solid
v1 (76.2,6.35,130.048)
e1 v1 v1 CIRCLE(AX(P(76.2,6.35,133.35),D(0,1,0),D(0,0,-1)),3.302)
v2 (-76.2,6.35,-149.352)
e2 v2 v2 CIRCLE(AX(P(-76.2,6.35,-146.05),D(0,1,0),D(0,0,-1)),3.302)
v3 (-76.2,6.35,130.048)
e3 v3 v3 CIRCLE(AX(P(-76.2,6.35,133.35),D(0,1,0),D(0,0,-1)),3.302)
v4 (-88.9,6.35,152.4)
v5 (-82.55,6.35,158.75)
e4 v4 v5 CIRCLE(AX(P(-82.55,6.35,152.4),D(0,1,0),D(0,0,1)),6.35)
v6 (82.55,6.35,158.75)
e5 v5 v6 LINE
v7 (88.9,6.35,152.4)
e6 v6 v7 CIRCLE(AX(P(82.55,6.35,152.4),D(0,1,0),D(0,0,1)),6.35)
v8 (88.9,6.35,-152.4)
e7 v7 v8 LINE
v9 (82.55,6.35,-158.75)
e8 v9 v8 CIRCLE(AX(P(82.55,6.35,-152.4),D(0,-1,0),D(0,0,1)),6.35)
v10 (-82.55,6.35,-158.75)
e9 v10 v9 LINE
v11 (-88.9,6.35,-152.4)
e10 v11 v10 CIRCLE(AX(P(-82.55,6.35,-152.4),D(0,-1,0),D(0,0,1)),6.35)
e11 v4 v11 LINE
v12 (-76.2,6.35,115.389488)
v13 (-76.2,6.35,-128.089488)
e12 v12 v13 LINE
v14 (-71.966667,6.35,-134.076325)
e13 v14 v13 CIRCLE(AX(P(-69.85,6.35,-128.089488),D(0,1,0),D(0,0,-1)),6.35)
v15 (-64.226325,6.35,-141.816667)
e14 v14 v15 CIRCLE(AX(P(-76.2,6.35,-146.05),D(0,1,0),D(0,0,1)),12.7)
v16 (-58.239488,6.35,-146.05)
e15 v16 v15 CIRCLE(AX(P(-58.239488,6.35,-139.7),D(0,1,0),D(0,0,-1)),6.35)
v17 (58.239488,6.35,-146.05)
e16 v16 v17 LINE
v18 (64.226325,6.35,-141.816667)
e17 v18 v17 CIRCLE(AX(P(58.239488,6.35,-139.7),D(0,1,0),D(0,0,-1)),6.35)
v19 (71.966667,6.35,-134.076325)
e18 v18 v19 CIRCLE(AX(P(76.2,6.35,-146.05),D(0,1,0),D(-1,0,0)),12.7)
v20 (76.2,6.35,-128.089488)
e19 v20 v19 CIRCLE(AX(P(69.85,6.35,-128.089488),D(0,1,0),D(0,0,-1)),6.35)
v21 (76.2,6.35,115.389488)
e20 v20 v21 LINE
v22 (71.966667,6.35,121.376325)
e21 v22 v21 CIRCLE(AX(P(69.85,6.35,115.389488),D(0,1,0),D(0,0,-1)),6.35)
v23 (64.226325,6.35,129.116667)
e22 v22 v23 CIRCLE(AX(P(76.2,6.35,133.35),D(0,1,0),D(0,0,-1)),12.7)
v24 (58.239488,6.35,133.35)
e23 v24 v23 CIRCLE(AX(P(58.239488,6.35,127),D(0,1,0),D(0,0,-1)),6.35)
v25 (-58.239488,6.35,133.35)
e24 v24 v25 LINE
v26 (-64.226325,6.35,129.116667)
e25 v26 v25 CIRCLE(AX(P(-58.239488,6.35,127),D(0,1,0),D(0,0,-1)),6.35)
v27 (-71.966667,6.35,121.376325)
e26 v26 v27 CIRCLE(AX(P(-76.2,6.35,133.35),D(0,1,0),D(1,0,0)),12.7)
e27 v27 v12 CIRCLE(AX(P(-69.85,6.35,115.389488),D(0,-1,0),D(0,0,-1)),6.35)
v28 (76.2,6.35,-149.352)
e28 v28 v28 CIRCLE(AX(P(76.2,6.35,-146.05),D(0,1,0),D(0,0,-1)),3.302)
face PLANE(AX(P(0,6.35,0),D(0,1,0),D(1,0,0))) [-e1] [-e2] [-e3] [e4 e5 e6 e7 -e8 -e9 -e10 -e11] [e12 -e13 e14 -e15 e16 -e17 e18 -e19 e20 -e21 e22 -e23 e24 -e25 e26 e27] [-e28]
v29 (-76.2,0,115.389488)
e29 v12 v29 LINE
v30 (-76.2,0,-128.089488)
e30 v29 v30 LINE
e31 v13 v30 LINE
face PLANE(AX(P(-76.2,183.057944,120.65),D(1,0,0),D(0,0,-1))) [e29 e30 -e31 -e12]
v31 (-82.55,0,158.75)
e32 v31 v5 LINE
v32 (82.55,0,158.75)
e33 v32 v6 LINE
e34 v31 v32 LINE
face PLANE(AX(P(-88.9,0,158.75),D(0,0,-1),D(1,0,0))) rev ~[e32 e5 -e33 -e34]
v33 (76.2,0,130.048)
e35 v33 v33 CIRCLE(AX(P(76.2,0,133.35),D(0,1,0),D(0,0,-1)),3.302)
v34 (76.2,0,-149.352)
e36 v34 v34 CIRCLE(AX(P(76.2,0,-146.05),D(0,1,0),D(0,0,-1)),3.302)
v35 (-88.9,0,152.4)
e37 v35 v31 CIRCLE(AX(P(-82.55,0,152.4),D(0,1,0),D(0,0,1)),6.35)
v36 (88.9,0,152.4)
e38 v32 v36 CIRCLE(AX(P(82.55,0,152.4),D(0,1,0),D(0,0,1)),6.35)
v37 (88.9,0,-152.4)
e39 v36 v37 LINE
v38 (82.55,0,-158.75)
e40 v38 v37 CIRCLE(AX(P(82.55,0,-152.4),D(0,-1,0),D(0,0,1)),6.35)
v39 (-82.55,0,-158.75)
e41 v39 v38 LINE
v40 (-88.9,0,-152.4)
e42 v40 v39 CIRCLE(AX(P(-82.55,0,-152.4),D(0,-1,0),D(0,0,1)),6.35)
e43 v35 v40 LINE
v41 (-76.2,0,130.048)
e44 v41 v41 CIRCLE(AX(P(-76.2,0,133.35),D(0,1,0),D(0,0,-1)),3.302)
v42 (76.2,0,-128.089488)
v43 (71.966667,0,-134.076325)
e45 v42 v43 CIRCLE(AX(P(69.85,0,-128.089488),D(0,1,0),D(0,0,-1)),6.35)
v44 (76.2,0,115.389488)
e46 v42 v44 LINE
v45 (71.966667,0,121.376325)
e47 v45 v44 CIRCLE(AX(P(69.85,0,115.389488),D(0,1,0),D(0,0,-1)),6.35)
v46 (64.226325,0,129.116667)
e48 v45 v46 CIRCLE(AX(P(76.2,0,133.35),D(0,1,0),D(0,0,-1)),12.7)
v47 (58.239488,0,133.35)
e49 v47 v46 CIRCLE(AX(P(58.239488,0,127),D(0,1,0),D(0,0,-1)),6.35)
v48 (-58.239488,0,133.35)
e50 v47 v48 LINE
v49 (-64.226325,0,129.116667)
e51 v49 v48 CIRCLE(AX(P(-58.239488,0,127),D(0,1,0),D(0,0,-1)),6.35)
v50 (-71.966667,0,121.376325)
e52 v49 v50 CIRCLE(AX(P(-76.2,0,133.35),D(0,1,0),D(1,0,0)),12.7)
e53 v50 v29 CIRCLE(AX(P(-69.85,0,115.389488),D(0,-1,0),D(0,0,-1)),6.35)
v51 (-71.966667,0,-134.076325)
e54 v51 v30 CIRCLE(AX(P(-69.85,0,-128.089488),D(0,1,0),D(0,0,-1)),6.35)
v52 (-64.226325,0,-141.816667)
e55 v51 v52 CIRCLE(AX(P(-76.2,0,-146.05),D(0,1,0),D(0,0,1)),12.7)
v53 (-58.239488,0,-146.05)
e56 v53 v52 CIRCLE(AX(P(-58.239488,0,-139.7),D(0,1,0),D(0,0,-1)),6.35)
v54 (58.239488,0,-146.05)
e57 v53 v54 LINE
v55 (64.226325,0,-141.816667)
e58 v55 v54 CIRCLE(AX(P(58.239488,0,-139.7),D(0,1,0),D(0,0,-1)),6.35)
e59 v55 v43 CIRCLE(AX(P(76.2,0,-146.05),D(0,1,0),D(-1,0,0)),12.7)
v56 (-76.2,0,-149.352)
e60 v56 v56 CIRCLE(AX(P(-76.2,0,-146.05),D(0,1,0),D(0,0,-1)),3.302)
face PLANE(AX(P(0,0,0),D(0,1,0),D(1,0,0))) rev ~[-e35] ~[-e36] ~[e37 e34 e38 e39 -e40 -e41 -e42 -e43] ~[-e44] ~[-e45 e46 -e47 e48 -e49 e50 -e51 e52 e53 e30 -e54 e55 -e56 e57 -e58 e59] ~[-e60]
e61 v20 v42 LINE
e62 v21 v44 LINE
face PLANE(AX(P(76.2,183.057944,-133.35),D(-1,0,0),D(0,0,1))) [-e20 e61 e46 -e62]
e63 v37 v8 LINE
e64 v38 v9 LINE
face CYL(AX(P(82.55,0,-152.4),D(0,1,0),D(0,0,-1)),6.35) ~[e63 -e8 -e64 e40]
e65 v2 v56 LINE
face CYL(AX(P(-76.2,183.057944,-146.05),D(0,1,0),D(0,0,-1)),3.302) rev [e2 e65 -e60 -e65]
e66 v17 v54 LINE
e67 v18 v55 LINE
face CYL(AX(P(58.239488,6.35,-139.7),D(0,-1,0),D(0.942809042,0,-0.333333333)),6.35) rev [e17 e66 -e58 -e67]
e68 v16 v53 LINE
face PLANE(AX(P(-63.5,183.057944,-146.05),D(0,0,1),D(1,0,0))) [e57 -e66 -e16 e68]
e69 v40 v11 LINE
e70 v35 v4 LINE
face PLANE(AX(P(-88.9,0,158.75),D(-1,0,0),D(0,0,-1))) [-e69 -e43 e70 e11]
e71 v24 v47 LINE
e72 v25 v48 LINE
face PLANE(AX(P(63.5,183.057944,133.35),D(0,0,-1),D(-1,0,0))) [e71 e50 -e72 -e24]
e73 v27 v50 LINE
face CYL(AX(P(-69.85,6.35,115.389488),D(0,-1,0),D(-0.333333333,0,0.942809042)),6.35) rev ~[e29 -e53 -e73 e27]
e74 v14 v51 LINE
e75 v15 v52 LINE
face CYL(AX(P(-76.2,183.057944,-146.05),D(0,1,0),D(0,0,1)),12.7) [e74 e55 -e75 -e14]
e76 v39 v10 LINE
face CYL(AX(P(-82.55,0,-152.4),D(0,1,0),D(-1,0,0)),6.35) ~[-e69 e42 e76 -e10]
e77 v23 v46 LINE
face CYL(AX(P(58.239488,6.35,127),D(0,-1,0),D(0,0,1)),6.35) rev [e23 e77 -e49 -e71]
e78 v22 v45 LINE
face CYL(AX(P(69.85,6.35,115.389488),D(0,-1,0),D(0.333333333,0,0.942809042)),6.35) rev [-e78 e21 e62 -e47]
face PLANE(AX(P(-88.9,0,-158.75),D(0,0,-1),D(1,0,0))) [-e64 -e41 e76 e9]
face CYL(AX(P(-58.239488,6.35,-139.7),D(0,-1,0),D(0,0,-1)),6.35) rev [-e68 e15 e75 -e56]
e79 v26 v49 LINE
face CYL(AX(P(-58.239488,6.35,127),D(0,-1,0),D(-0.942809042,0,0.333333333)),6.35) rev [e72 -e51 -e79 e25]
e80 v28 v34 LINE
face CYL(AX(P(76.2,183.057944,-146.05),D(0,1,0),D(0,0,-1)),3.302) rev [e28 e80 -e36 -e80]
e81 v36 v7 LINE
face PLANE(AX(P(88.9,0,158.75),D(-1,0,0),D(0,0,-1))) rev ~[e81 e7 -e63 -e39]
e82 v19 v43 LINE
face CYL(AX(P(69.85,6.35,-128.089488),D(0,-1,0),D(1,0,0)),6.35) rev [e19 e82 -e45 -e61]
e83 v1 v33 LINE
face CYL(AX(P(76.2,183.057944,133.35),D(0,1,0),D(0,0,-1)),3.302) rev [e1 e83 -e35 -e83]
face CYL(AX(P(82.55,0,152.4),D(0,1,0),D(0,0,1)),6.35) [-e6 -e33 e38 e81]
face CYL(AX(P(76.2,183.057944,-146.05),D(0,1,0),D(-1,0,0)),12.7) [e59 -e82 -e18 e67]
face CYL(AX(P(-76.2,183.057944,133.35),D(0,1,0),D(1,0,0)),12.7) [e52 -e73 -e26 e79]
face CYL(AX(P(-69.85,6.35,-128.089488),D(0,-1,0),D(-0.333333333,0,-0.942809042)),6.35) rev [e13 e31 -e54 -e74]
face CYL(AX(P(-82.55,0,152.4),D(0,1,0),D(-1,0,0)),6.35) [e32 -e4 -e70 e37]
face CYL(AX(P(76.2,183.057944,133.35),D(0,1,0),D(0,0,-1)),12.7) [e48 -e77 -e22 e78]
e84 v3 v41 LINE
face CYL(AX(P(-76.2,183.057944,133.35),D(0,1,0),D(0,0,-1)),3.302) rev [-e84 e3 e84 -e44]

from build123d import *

# Parameters (mm, degrees)
SKETCH1_W               = 177.8
SKETCH1_H               = 317.5
BASE_DEPTH              = 6.35
HOLES_DEPTH             = 183.057944073
HOLES_DEPTH_BACK        = 183.057944073
SKETCH3_R               = 3.302
INNER_CUTOUT_DEPTH      = 183.057944073
INNER_CUTOUT_DEPTH_BACK = 183.057944073
FILLET1_R               = 6.35


with BuildPart() as part:
    # Sketch1 → Base (new body)
    with BuildSketch(Plane(origin=(0, 0, 0), x_dir=(1, 0, 0), z_dir=(0, 1, 0))):
        Rectangle(SKETCH1_W, SKETCH1_H)
    extrude(amount=BASE_DEPTH)

    # Sketch3 → Holes (cut, two sides: drawn at the far end of the back side and taken through both)
    with BuildSketch(Plane.XZ.offset(-HOLES_DEPTH_BACK)):
        with Locations(Location((-76.2, -146.05, 0), (0, 0, 270))):
            Circle(SKETCH3_R)
        with Locations(Location((76.2, -146.05, 0), (0, 0, 270))):
            Circle(SKETCH3_R)
        with Locations(Location((76.2, 133.35, 0), (0, 0, 270))):
            Circle(SKETCH3_R)
        with Locations(Location((-76.2, 133.35, 0), (0, 0, 270))):
            Circle(SKETCH3_R)
    extrude(amount=HOLES_DEPTH + HOLES_DEPTH_BACK, mode=Mode.SUBTRACT)

    # Sketch6 → Inner Cutout (cut, two sides: drawn at the far end of the back side and taken through both)
    with BuildSketch(Plane.XZ.offset(-INNER_CUTOUT_DEPTH_BACK)):
        with BuildLine():
            Line((-76.2, 120.65), (-76.2, -133.35))
            ThreePointArc((-76.2, -133.35), (-67.219743879, -137.069743879), (-63.5, -146.05))
            Line((-63.5, -146.05), (63.5, -146.05))
            ThreePointArc((63.5, -146.05), (67.219743879, -137.069743879), (76.2, -133.35))
            Line((76.2, -133.35), (76.2, 120.65))
            ThreePointArc((76.2, 120.65), (67.219743879, 124.369743879), (63.5, 133.35))
            Line((63.5, 133.35), (-63.5, 133.35))
            ThreePointArc((-63.5, 133.35), (-67.219743879, 124.369743879), (-76.2, 120.65))
        make_face()
    extrude(amount=INNER_CUTOUT_DEPTH + INNER_CUTOUT_DEPTH_BACK, mode=Mode.SUBTRACT)

    # Fillet1
    fillet1_edges = [part.edges().sort_by_distance(p)[0] for p in [
        (-76.2, 3.175, 120.65),
        (-63.5, 3.175, 133.35),
        (63.5, 3.175, 133.35),
        (76.2, 3.175, 120.65),
        (76.2, 3.175, -133.35),
        (63.5, 3.175, -146.05),
        (-63.5, 3.175, -146.05),
        (-76.2, 3.175, -133.35),
        (88.9, 3.175, 158.75),
        (-88.9, 3.175, 158.75),
        (-88.9, 3.175, -158.75),
        (88.9, 3.175, -158.75),
    ]]
    fillet(fillet1_edges, radius=FILLET1_R)


solid = part.part
